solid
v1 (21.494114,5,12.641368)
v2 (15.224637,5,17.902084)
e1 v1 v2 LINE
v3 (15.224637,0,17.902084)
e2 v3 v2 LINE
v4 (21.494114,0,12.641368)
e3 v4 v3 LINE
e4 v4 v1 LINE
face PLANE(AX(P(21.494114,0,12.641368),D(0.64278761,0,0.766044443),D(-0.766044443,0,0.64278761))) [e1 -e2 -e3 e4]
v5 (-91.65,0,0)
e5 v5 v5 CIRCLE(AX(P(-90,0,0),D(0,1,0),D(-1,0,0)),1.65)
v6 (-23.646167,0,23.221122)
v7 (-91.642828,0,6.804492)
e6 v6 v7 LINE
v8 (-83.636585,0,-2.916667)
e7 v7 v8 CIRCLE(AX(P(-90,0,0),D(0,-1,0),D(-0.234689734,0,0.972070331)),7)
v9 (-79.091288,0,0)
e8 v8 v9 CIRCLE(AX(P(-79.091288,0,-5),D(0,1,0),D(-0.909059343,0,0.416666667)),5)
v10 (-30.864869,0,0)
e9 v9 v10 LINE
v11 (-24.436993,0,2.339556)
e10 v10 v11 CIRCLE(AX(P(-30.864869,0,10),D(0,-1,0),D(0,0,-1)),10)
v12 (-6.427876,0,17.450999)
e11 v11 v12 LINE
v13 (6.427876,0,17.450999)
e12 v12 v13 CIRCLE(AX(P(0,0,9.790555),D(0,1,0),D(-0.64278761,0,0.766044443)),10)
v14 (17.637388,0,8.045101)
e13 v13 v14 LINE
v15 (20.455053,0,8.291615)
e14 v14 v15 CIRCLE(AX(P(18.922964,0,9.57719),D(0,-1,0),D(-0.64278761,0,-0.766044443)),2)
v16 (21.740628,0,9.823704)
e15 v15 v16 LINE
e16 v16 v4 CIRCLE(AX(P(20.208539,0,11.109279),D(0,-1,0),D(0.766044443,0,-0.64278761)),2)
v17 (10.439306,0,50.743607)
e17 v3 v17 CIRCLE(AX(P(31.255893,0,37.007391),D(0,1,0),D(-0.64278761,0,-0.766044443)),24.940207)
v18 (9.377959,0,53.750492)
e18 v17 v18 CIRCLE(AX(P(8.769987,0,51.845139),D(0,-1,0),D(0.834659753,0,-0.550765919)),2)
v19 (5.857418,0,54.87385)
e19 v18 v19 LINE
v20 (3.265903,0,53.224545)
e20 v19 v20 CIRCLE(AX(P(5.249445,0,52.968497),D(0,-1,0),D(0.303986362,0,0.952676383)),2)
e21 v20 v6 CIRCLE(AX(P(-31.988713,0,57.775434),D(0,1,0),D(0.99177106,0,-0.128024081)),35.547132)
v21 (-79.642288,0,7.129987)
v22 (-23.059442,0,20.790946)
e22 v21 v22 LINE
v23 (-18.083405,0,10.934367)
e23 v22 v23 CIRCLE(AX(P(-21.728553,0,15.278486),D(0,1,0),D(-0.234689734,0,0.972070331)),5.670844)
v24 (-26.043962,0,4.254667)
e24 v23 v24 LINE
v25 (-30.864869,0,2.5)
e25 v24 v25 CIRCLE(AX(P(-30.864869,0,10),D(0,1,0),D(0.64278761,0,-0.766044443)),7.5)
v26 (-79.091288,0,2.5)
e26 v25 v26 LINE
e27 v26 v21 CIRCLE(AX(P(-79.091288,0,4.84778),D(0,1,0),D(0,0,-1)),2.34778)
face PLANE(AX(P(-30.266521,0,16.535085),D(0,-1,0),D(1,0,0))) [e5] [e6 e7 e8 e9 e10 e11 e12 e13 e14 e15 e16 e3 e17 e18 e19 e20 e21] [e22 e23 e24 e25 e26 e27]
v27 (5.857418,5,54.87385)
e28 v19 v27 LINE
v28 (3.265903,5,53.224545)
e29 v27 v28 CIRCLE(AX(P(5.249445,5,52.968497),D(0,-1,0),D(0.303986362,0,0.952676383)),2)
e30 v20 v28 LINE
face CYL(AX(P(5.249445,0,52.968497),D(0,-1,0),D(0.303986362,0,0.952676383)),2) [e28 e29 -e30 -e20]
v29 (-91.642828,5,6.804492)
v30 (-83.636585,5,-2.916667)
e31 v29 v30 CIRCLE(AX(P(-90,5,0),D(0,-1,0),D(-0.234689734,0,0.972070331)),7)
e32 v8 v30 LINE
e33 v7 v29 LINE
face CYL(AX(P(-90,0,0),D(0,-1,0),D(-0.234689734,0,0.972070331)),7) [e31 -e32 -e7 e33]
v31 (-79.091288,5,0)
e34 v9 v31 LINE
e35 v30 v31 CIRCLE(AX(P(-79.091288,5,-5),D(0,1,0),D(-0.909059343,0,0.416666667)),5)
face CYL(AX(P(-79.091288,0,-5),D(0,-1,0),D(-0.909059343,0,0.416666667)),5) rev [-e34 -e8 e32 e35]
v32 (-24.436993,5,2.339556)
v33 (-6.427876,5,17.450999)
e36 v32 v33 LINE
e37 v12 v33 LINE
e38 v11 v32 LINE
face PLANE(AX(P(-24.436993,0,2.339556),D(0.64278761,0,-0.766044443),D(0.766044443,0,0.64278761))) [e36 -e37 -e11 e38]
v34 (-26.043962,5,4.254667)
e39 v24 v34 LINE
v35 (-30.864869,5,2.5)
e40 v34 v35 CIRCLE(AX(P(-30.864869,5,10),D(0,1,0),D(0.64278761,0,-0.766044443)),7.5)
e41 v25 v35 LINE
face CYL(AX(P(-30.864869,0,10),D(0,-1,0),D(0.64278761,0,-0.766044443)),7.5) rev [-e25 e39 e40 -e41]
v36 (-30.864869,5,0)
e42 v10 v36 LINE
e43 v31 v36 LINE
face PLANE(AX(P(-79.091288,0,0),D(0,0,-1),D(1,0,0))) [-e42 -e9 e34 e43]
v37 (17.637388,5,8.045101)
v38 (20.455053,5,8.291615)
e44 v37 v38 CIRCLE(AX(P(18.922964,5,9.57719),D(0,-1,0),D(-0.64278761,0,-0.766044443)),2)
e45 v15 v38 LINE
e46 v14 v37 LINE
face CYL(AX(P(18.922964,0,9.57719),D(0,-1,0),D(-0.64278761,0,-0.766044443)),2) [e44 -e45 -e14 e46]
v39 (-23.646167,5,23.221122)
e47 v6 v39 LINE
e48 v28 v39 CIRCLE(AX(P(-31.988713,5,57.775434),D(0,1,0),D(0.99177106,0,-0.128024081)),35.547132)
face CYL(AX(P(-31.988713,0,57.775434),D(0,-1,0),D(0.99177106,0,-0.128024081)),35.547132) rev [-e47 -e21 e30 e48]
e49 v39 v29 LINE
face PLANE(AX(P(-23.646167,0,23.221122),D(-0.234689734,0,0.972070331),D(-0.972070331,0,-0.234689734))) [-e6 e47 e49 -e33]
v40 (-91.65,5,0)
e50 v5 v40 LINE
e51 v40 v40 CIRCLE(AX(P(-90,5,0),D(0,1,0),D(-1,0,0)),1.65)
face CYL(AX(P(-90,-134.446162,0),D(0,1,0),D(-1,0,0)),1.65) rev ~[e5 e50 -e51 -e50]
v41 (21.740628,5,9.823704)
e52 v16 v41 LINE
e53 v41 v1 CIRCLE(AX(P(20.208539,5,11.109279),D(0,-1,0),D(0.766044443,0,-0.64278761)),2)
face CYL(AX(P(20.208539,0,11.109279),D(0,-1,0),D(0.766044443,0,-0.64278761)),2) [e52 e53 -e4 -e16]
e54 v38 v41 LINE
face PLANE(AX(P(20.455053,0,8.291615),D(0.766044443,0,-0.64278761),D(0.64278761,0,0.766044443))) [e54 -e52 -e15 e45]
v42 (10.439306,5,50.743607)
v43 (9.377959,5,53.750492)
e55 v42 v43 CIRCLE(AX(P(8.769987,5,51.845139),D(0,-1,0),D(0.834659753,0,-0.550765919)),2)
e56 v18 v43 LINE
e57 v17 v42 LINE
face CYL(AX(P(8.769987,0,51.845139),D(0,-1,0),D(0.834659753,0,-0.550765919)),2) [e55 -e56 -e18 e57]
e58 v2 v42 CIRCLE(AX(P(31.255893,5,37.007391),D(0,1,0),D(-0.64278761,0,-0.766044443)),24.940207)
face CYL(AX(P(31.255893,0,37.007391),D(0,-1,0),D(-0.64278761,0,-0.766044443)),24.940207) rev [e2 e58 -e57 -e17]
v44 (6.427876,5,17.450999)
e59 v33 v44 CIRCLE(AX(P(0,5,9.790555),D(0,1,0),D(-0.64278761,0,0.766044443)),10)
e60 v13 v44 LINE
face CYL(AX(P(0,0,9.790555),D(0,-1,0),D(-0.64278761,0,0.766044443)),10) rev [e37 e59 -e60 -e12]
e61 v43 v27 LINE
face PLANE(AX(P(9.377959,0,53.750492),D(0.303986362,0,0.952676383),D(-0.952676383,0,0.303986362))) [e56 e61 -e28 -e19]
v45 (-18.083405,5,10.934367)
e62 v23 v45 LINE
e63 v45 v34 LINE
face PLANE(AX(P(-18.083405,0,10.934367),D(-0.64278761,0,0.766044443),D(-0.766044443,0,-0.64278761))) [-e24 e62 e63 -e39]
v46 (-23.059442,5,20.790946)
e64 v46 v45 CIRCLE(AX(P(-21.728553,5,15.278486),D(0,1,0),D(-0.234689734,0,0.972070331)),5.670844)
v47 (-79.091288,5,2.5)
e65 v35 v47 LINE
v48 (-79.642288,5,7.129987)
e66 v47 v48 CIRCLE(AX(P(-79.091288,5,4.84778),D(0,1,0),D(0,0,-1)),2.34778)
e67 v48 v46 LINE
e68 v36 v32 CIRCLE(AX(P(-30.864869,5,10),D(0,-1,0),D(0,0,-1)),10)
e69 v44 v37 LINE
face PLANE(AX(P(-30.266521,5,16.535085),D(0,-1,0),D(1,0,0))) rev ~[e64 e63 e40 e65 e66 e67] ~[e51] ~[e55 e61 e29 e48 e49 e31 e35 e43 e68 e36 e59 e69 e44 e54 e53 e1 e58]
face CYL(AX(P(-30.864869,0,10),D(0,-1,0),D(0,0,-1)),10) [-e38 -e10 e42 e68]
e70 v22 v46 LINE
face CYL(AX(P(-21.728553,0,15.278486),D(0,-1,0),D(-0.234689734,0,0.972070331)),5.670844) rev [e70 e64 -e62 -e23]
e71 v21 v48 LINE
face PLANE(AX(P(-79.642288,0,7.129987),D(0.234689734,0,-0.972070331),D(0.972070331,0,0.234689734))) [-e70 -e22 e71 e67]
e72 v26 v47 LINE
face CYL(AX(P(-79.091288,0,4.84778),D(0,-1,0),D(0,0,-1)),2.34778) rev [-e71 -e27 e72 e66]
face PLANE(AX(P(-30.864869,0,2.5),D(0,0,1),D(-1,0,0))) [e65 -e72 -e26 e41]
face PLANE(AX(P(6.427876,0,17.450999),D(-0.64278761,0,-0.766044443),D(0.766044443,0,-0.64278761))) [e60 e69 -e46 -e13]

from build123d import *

# Parameters (mm, degrees)
F1_DEPTH = 5
F3_D     = 3.3


with BuildPart() as f1:
    # F0 (on Front) → F1 (new body)
    with BuildSketch(Plane.XZ):
        with BuildLine():
            Line((-23.6461665058, 23.2211217493), (-91.6428281357, 6.8044923188))
            ThreePointArc((-91.6428281357, 6.8044923188), (-95.4033525737, -4.4501439263), (-83.6365845998, -2.9166666667))
            ThreePointArc((-83.6365845998, -2.9166666667), (-81.7915965097, -0.7918729423), (-79.0912878854, 0))
            Line((-79.0912878854, 0), (-30.8648693127, 0))
            ThreePointArc((-30.8648693127, 0), (-27.4446678795, 0.6030737921), (-24.4369932159, 2.3395555688))
            Line((-24.4369932159, 2.3395555688), (-6.4278760969, 17.4509991012))
            ThreePointArc((-6.4278760969, 17.4509991012), (0, 19.79055467), (6.4278760969, 17.4509991012))
            Line((6.4278760969, 17.4509991012), (17.637388412, 8.0451014519))
            ThreePointArc((17.637388412, 8.0451014519), (19.0972751168, 7.5848009419), (20.4550525176, 8.2916151188))
            Line((20.4550525176, 8.2916151188), (21.740627737, 9.823704005))
            ThreePointArc((21.740627737, 9.823704005), (22.2009282469, 11.2835907099), (21.4941140701, 12.6413681106))
            Line((21.4941140701, 12.6413681106), (15.2246371953, 17.9020838439))
            ThreePointArc((15.2246371953, 17.9020838439), (6.5763005194, 33.4113330575), (10.4393061846, 50.7436071627))
            ThreePointArc((10.4393061846, 50.7436071627), (10.6559489616, 52.5108313233), (9.3779594034, 53.7504917671))
            Line((9.3779594034, 53.7504917671), (5.8574180525, 54.8738496843))
            ThreePointArc((5.8574180525, 54.8738496843), (4.1756207573, 54.6557730627), (3.2659032092, 53.2245450803))
            ThreePointArc((3.2659032092, 53.2245450803), (-5.5268631405, 34.0400371453), (-23.6461665058, 23.2211217493))
        make_face()
        with BuildLine():
            ThreePointArc((-26.0439622042, 4.2546666338), (-28.2997182187, 2.9523052916), (-30.8648693127, 2.4999999441))
            Line((-30.8648693127, 2.4999999441), (-79.0912878854, 2.4999999441))
            ThreePointArc((-79.0912878854, 2.4999999441), (-81.4226169121, 4.5703358312), (-79.6422877108, 7.1299869112))
            Line((-79.6422877108, 7.1299869112), (-23.0594421716, 20.7909459212))
            ThreePointArc((-23.0594421716, 20.7909459212), (-16.6662430805, 17.8341647684), (-18.0834046997, 10.9343674998))
            Line((-18.0834046997, 10.9343674998), (-26.0439622042, 4.2546666338))
        make_face(mode=Mode.SUBTRACT)
    extrude(amount=-F1_DEPTH)

    # F3 (through all)
    with Locations(Plane.XZ):
        with Locations((-90, 0)):
            Hole(F3_D / 2)


solid = f1.part
